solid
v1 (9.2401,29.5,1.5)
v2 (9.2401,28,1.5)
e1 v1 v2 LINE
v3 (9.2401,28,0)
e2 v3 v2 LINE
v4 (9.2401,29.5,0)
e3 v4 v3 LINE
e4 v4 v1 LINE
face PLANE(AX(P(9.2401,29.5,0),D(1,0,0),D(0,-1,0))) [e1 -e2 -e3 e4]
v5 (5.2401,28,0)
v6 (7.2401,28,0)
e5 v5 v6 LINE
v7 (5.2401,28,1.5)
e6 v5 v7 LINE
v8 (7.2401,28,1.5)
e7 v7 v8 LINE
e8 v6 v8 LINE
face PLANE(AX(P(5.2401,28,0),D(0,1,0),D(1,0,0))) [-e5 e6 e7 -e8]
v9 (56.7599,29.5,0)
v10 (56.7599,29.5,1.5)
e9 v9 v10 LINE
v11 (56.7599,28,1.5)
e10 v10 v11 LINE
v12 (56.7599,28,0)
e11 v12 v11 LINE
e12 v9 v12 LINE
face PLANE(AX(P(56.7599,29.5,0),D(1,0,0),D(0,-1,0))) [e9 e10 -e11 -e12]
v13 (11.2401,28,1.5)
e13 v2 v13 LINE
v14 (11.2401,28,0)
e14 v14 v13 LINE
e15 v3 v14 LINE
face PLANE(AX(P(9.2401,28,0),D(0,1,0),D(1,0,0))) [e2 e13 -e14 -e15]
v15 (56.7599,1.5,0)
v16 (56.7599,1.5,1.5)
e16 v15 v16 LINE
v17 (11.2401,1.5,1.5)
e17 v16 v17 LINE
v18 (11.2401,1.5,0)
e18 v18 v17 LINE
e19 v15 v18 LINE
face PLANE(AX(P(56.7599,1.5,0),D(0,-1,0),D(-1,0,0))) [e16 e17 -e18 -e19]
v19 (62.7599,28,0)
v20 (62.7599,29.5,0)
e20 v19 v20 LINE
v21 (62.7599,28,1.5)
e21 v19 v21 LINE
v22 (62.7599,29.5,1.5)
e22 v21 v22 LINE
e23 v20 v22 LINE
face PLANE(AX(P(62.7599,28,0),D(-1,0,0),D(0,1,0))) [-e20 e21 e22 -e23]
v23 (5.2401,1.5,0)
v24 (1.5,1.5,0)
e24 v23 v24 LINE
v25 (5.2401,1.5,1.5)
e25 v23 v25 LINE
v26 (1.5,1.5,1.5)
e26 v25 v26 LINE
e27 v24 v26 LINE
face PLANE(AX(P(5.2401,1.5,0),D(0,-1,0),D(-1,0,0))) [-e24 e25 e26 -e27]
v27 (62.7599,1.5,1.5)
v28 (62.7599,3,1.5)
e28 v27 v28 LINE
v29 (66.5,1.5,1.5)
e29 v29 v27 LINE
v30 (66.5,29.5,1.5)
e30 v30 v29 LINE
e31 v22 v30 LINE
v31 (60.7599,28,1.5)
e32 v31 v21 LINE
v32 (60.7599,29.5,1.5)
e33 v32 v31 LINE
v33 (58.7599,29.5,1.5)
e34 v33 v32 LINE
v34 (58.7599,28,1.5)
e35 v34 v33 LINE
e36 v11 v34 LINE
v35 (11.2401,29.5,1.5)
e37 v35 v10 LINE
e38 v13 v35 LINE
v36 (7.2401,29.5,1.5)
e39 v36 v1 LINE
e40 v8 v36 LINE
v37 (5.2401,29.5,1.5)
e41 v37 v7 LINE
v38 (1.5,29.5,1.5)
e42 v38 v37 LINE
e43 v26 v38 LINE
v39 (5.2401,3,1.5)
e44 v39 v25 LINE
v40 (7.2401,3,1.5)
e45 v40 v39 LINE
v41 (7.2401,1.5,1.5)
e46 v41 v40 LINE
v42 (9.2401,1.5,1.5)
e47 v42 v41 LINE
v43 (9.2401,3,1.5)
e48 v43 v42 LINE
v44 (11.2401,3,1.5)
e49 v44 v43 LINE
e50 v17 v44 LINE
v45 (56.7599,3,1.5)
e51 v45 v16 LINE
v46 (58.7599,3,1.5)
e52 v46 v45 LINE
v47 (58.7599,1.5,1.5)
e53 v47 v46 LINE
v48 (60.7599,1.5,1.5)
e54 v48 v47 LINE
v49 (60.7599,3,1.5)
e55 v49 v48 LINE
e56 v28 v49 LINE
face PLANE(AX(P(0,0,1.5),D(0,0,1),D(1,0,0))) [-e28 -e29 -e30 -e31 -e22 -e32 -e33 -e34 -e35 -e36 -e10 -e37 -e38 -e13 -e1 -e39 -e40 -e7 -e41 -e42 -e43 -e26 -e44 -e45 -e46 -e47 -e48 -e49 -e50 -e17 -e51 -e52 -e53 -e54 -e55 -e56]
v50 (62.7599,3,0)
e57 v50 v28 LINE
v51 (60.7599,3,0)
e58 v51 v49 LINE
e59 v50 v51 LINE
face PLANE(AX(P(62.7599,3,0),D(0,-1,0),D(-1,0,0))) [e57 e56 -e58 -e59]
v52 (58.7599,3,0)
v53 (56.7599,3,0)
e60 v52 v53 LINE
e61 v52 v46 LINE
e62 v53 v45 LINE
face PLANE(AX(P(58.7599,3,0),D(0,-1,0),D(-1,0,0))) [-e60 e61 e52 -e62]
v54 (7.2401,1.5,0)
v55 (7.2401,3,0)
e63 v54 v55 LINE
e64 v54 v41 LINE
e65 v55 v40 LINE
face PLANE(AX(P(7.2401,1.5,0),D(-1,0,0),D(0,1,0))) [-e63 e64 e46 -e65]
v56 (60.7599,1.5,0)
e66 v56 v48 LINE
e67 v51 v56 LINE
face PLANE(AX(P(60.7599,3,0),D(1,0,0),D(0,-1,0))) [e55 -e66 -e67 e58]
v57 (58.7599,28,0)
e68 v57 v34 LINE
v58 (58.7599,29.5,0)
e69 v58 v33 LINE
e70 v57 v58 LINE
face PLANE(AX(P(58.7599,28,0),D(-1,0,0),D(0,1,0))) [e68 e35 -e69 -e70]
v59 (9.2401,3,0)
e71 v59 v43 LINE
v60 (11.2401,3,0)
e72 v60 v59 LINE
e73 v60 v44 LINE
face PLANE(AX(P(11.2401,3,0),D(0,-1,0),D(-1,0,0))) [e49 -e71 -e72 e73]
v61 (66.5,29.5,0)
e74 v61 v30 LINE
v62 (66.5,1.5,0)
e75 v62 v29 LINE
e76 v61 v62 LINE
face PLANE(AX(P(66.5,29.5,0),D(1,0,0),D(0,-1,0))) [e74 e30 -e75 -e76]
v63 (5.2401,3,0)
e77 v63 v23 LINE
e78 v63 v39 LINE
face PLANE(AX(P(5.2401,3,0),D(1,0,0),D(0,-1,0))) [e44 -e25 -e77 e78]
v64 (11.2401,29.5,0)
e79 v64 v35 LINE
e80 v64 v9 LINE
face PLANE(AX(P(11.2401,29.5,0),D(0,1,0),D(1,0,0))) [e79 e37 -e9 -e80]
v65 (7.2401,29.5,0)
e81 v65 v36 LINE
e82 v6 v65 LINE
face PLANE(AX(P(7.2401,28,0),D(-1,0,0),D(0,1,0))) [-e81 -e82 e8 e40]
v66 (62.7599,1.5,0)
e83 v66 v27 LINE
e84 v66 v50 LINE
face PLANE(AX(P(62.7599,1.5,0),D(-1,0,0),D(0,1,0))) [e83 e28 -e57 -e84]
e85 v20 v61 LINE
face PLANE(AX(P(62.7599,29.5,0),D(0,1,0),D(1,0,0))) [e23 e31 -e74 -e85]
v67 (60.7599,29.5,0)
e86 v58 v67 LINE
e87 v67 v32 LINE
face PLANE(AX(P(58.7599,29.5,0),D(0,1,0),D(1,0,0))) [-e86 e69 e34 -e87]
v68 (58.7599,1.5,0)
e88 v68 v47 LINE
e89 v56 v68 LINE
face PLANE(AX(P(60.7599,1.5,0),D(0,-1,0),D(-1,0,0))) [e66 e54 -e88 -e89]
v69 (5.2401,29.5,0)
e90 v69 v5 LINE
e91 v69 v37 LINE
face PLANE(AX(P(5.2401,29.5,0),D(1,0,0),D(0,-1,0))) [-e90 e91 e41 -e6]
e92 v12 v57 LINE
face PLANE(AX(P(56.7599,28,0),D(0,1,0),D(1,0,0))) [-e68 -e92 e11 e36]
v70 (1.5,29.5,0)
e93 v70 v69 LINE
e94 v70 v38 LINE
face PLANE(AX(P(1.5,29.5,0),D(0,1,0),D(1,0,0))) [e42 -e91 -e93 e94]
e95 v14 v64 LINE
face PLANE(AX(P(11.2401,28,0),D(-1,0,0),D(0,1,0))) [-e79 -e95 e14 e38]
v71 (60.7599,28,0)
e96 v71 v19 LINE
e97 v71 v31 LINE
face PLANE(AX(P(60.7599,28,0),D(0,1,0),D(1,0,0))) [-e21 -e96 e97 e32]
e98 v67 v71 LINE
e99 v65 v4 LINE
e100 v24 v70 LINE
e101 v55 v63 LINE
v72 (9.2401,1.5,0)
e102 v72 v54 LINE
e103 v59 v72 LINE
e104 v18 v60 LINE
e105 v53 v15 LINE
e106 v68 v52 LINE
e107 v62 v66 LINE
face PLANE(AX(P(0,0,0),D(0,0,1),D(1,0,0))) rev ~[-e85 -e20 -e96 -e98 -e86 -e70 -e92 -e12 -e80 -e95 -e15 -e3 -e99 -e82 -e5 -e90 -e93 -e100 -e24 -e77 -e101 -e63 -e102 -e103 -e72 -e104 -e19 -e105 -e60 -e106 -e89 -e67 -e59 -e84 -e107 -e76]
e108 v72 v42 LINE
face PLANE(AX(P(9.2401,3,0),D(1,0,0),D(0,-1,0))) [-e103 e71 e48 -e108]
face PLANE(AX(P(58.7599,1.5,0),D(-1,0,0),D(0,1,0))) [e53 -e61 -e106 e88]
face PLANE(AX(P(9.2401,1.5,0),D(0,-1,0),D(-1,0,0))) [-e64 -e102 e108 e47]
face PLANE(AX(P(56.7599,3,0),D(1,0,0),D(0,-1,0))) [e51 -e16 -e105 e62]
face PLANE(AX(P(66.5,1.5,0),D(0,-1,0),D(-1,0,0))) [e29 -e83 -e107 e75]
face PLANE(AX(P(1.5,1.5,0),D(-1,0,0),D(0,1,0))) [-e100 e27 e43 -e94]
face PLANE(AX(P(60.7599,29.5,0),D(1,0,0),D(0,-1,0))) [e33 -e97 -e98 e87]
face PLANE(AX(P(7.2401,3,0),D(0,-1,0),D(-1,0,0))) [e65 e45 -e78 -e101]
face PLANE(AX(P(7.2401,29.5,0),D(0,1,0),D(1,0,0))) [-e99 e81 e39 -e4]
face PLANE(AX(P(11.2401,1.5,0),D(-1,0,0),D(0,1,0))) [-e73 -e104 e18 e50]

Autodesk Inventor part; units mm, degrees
ref_plane "YZ Plane" through (0, 0, 0) normal (1, 0, 0) x (0, 1, 0)
ref_plane "XZ Plane" through (0, 0, 0) normal (0, 1, 0) x (-1, 0, 0)
ref_plane "XY Plane" through (0, 0, 0) normal (0, 0, 1) x (1, 0, 0)
sketch "Skizze1" plane through (0, 0, 0) normal (0, 0, 1) x (1, 0, 0)
  line L0 (66.5, 29.5) -> (66.5, 1.5) projected
  line L1 (66.5, 1.5) -> (62.7599, 1.5) projected
  line L2 (62.7599, 1.5) -> (62.7599, 3) projected
  line L3 (62.7599, 3) -> (60.7599, 3) projected
  line L4 (60.7599, 3) -> (60.7599, 1.5) projected
  line L5 (60.7599, 1.5) -> (58.7599, 1.5) projected
  line L6 (58.7599, 1.5) -> (58.7599, 3) projected
  line L7 (58.7599, 3) -> (56.7599, 3) projected
  line L8 (56.7599, 3) -> (56.7599, 1.5) projected
  line L9 (56.7599, 1.5) -> (11.2401, 1.5) projected
  line L10 (11.2401, 1.5) -> (11.2401, 3) projected
  line L11 (11.2401, 3) -> (9.2401, 3) projected
  line L12 (9.2401, 3) -> (9.2401, 1.5) projected
  line L13 (9.2401, 1.5) -> (7.2401, 1.5) projected
  line L14 (7.2401, 1.5) -> (7.2401, 3) projected
  line L15 (7.2401, 3) -> (5.2401, 3) projected
  line L16 (5.2401, 3) -> (5.2401, 1.5) projected
  line L17 (5.2401, 1.5) -> (1.5, 1.5) projected
  line L18 (1.5, 1.5) -> (1.5, 29.5) projected
  line L19 (1.5, 29.5) -> (5.2401, 29.5) projected
  line L20 (5.2401, 29.5) -> (5.2401, 28) projected
  line L21 (5.2401, 28) -> (7.2401, 28) projected
  line L22 (7.2401, 28) -> (7.2401, 29.5) projected
  line L23 (7.2401, 29.5) -> (9.2401, 29.5) projected
  line L24 (9.2401, 29.5) -> (9.2401, 28) projected
  line L25 (9.2401, 28) -> (11.2401, 28) projected
  line L26 (11.2401, 28) -> (11.2401, 29.5) projected
  line L27 (11.2401, 29.5) -> (56.7599, 29.5) projected
  line L28 (56.7599, 29.5) -> (56.7599, 28) projected
  line L29 (56.7599, 28) -> (58.7599, 28) projected
  line L30 (58.7599, 28) -> (58.7599, 29.5) projected
  line L31 (58.7599, 29.5) -> (60.7599, 29.5) projected
  line L32 (60.7599, 29.5) -> (60.7599, 28) projected
  line L33 (60.7599, 28) -> (62.7599, 28) projected
  line L34 (62.7599, 28) -> (62.7599, 29.5) projected
  line L35 (62.7599, 29.5) -> (66.5, 29.5) projected
  line L36 (0, 0) -> (68, 0) projected
  line L37 (68, 0) -> (68, 31) projected
  line L38 (68, 31) -> (0, 31) projected
  line L39 (0, 31) -> (0, 0) projected
  line L40 (58.7599, 29.5) -> (58.7599, 28) projected
  line L41 (58.7599, 28) -> (56.7599, 28) projected
  line L42 (56.7599, 28) -> (56.7599, 29.5) projected
  line L43 (56.7599, 29.5) -> (11.2401, 29.5) projected
  line L44 (11.2401, 29.5) -> (11.2401, 28) projected
  line L45 (11.2401, 28) -> (9.2401, 28) projected
  line L46 (9.2401, 28) -> (9.2401, 29.5) projected
  line L47 (9.2401, 29.5) -> (7.2401, 29.5) projected
  line L48 (7.2401, 29.5) -> (7.2401, 28) projected
  line L49 (7.2401, 28) -> (5.2401, 28) projected
  line L50 (5.2401, 28) -> (5.2401, 29.5) projected
  line L51 (5.2401, 29.5) -> (1.5, 29.5) projected
  line L52 (1.5, 29.5) -> (1.5, 1.5) projected
  line L53 (1.5, 1.5) -> (5.2401, 1.5) projected
  line L54 (5.2401, 1.5) -> (5.2401, 3) projected
  line L55 (5.2401, 3) -> (7.2401, 3) projected
  line L56 (7.2401, 3) -> (7.2401, 1.5) projected
  line L57 (7.2401, 1.5) -> (9.2401, 1.5) projected
  line L58 (9.2401, 1.5) -> (9.2401, 3) projected
  line L59 (9.2401, 3) -> (11.2401, 3) projected
  line L60 (11.2401, 3) -> (11.2401, 1.5) projected
  line L61 (11.2401, 1.5) -> (56.7599, 1.5) projected
  line L62 (56.7599, 1.5) -> (56.7599, 3) projected
  line L63 (56.7599, 3) -> (58.7599, 3) projected
  line L64 (58.7599, 3) -> (58.7599, 1.5) projected
  line L65 (58.7599, 1.5) -> (60.7599, 1.5) projected
  line L66 (60.7599, 1.5) -> (60.7599, 3) projected
  line L67 (60.7599, 3) -> (62.7599, 3) projected
  line L68 (62.7599, 3) -> (62.7599, 1.5) projected
  line L69 (62.7599, 1.5) -> (66.5, 1.5) projected
  line L70 (66.5, 1.5) -> (66.5, 29.5) projected
  line L71 (66.5, 29.5) -> (62.7599, 29.5) projected
  line L72 (62.7599, 29.5) -> (62.7599, 28) projected
  line L73 (62.7599, 28) -> (60.7599, 28) projected
  line L74 (60.7599, 28) -> (60.7599, 29.5) projected
  line L75 (60.7599, 29.5) -> (58.7599, 29.5) projected
  line L76 (58.7599, 29.5) -> (58.7599, 28) projected
  line L77 (58.7599, 28) -> (56.7599, 28) projected
  line L78 (56.7599, 28) -> (56.7599, 29.5) projected
  line L79 (56.7599, 29.5) -> (11.2401, 29.5) projected
  line L80 (11.2401, 29.5) -> (11.2401, 28) projected
  line L81 (11.2401, 28) -> (9.2401, 28) projected
  line L82 (9.2401, 28) -> (9.2401, 29.5) projected
  line L83 (9.2401, 29.5) -> (7.2401, 29.5) projected
  line L84 (7.2401, 29.5) -> (7.2401, 28) projected
  line L85 (7.2401, 28) -> (5.2401, 28) projected
  line L86 (5.2401, 28) -> (5.2401, 29.5) projected
  line L87 (5.2401, 29.5) -> (1.5, 29.5) projected
  line L88 (1.5, 29.5) -> (1.5, 1.5) projected
  line L89 (1.5, 1.5) -> (5.2401, 1.5) projected
  line L90 (5.2401, 1.5) -> (5.2401, 3) projected
  line L91 (5.2401, 3) -> (7.2401, 3) projected
  line L92 (7.2401, 3) -> (7.2401, 1.5) projected
  line L93 (7.2401, 1.5) -> (9.2401, 1.5) projected
  line L94 (9.2401, 1.5) -> (9.2401, 3) projected
  line L95 (9.2401, 3) -> (11.2401, 3) projected
  line L96 (11.2401, 3) -> (11.2401, 1.5) projected
  line L97 (11.2401, 1.5) -> (56.7599, 1.5) projected
  line L98 (56.7599, 1.5) -> (56.7599, 3) projected
  line L99 (56.7599, 3) -> (58.7599, 3) projected
  line L100 (58.7599, 3) -> (58.7599, 1.5) projected
  line L101 (58.7599, 1.5) -> (60.7599, 1.5) projected
  line L102 (60.7599, 1.5) -> (60.7599, 3) projected
  line L103 (60.7599, 3) -> (62.7599, 3) projected
  line L104 (62.7599, 3) -> (62.7599, 1.5) projected
  line L105 (62.7599, 1.5) -> (66.5, 1.5) projected
  line L106 (66.5, 1.5) -> (66.5, 29.5) projected
  line L107 (66.5, 29.5) -> (62.7599, 29.5) projected
  line L108 (62.7599, 29.5) -> (62.7599, 28) projected
  line L109 (62.7599, 28) -> (60.7599, 28) projected
  line L110 (60.7599, 28) -> (60.7599, 29.5) projected
  line L111 (60.7599, 29.5) -> (58.7599, 29.5) projected
  line L112 (1.5, 1.5) -> (66.5, 1.5)
  line L113 (66.5, 1.5) -> (66.5, 29.5)
  line L114 (66.5, 29.5) -> (1.5, 29.5)
  line L115 (1.5, 29.5) -> (1.5, 1.5)
  line L116 (0, 0) -> (68, 0)
  line L117 (68, 0) -> (68, 31)
  line L118 (68, 31) -> (0, 31)
  line L119 (0, 31) -> (0, 0)
extrude "Extrusion1" add sketch "Skizze1" along normal blind 1.5 contours L0 L1 L2 L3 L4 L5 L6 L7 L8 L9 L10 L11 L12 L13 L14 L15 L16 L17 L18 L19 L20 L21 L22 L23 L24 L25 L26 L27 L28 L29 L30 L31 L32 L33 L34 L35
properties part number "Oberteil"
